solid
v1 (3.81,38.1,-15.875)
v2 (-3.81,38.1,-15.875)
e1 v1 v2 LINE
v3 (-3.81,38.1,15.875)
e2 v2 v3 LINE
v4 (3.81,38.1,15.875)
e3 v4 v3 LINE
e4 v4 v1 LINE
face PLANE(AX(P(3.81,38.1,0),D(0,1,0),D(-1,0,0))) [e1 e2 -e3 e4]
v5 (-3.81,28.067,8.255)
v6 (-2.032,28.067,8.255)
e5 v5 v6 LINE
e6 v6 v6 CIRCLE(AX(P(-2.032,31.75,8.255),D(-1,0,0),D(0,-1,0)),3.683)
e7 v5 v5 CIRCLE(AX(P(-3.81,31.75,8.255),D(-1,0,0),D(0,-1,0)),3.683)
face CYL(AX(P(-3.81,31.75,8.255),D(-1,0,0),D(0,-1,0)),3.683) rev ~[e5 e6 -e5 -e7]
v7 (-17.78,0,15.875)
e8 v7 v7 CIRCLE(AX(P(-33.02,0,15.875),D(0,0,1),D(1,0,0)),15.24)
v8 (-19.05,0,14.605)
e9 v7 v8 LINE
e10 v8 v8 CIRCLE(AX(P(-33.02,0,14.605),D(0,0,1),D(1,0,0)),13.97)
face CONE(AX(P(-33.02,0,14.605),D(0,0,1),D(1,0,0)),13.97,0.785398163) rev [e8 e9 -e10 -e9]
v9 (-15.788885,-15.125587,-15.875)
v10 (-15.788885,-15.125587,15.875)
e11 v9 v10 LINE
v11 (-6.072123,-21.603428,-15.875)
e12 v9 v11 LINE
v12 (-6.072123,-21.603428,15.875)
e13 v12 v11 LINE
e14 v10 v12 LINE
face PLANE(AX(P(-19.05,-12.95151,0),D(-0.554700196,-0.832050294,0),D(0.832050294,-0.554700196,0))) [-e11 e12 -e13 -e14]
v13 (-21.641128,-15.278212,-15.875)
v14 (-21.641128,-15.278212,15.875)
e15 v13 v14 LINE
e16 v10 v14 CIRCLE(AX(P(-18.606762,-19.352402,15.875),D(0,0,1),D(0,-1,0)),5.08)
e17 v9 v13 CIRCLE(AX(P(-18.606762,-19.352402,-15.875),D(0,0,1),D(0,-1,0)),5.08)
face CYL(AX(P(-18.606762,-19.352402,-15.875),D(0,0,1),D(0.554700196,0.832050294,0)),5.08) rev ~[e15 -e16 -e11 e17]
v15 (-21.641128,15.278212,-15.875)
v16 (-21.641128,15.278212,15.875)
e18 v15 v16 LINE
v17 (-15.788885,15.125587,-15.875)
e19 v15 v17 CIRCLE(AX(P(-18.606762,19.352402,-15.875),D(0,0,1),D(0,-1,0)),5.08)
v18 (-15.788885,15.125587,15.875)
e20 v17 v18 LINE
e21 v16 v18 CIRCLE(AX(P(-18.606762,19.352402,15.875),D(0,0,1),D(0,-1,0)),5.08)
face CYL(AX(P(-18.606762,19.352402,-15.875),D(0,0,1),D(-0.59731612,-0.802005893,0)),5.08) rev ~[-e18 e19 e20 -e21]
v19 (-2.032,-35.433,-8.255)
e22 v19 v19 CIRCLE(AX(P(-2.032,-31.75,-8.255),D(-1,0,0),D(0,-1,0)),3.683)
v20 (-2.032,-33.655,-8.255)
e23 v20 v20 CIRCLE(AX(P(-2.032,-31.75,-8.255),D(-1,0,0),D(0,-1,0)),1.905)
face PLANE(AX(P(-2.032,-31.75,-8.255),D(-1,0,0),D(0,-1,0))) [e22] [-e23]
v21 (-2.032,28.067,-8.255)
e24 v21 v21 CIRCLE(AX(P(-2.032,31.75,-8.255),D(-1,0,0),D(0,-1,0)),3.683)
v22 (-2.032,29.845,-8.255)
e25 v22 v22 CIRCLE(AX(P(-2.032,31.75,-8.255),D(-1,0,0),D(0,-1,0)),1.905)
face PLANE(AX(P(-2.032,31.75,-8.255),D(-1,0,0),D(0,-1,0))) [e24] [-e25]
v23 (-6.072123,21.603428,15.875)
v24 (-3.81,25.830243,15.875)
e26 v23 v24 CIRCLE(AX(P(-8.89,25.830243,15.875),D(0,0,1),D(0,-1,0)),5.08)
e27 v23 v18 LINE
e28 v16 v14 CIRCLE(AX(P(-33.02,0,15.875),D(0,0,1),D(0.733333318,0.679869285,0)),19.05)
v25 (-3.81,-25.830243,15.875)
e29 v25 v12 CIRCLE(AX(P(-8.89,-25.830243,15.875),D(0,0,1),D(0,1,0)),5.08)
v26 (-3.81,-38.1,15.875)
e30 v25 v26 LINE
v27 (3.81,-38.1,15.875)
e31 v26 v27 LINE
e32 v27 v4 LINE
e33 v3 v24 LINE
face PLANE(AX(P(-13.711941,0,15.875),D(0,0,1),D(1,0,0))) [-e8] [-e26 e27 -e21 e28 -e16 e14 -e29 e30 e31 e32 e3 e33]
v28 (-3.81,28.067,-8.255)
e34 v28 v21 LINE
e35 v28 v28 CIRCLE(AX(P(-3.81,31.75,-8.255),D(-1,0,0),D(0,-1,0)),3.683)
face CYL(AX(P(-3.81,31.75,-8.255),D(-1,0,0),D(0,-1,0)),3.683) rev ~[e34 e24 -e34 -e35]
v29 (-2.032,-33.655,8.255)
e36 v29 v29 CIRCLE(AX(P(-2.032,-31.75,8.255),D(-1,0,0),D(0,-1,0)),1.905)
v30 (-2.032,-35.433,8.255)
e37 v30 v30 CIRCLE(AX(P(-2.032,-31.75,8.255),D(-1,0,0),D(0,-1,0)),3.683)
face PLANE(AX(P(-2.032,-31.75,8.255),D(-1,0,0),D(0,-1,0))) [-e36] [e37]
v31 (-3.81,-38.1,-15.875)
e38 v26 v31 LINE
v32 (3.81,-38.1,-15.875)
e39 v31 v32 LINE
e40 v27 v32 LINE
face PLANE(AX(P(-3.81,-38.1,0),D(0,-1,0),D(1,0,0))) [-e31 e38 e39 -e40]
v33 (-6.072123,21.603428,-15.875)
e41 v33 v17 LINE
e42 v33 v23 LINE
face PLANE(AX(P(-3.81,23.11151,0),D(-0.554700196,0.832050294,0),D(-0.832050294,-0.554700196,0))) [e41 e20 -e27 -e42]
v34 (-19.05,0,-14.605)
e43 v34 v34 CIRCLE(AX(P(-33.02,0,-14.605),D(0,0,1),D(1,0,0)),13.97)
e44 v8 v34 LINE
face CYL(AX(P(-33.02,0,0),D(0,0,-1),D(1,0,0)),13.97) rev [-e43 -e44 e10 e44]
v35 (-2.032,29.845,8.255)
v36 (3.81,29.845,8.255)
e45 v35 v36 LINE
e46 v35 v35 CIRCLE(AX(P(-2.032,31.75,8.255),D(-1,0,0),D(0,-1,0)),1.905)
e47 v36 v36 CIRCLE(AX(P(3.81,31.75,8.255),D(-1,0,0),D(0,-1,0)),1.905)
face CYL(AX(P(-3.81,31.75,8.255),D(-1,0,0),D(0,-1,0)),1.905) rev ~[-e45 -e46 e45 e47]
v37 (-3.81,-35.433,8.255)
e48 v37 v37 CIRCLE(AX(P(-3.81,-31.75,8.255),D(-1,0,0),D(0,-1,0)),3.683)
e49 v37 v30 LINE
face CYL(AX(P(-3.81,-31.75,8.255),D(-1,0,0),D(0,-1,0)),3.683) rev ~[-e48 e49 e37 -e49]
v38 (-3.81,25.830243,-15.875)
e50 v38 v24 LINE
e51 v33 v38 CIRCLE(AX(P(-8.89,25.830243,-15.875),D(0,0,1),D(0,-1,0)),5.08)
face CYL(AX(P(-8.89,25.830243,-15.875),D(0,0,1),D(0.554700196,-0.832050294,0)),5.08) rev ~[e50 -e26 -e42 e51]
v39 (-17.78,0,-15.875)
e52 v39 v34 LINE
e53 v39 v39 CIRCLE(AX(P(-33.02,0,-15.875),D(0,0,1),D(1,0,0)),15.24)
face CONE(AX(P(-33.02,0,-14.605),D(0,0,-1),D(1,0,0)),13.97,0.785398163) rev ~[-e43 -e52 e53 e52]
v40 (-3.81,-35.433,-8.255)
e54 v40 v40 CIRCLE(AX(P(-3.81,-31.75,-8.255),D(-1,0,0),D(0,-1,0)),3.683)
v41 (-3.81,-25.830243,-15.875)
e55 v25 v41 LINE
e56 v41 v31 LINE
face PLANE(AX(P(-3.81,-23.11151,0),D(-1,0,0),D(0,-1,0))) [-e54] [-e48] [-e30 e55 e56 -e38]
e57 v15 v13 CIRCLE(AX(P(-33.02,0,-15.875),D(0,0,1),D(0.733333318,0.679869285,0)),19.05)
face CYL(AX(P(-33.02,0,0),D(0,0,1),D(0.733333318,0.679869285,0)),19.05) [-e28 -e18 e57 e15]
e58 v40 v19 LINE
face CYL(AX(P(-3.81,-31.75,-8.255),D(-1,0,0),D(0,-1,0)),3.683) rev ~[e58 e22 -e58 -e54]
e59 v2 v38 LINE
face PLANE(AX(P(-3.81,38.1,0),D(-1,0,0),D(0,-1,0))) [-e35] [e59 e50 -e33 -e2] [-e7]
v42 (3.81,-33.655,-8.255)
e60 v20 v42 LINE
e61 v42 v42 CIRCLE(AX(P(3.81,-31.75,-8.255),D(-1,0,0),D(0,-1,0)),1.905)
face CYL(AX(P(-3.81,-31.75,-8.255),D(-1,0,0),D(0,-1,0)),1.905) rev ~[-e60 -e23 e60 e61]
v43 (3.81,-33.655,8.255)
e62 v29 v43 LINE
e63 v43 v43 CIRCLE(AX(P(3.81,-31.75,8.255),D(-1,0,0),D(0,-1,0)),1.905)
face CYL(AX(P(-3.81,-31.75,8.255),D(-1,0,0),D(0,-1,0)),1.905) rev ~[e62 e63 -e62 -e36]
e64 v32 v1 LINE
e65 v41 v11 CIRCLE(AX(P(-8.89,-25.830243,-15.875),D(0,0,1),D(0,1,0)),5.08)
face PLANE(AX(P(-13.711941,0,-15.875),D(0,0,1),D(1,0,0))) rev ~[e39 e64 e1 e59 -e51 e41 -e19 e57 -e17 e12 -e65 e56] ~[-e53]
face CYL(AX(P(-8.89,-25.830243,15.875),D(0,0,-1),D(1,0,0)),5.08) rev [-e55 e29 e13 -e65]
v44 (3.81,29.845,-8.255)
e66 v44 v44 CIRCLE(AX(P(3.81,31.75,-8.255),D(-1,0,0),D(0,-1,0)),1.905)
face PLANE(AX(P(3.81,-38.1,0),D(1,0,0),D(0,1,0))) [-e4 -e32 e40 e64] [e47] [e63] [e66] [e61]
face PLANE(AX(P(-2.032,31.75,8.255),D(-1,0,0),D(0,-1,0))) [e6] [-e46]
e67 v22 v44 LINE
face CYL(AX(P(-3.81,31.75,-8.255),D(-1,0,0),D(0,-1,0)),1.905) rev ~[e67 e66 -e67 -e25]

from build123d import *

# Parameters (mm, degrees)
F0_R     = 13.97
F1_DEPTH = 15.875
F2_R     = 5.08
F3_SIZE2 = 1.27
F3_SIZE  = 1.27
F4_R     = 3.683
F5_DEPTH = 1.778
F6_R     = 1.905
F7_DEPTH = 7.621


with BuildPart() as f1:
    # F0 (on Top) → F1 (new body, symmetric)
    with BuildSketch(Plane.XY):
        with BuildLine():
            Line((3.81, 38.1), (-3.81, 38.1))
            Line((-3.81, 38.1), (-3.81, 23.11151))
            Line((-3.81, 23.11151), (-19.05, 12.95151))
            ThreePointArc((-19.05, 12.95151), (-52.07, 0), (-19.05, -12.95151))
            Line((-19.05, -12.95151), (-3.81, -23.11151))
            Line((-3.81, -23.11151), (-3.81, -38.1))
            Line((-3.81, -38.1), (3.81, -38.1))
            Line((3.81, -38.1), (3.81, 38.1))
        make_face()
        with Locations((-33.02, 0)):
            Circle(F0_R, mode=Mode.SUBTRACT)
    extrude(amount=F1_DEPTH, both=True)

    # F2
    f2_edges = [f1.edges().sort_by_distance(p)[0] for p in [
        (-19.05, -12.95151, 0),
        (-3.81, -23.11151, 0),
        (-3.81, 23.11151, 0),
        (-19.05, 12.95151, 0),
    ]]
    fillet(f2_edges, radius=F2_R)

    # F3
    f3_edges = [f1.edges().sort_by_distance(p)[0] for p in [
        (-46.99, 0, 15.875),
        (-46.99, 0, -15.875),
    ]]
    chamfer(f3_edges, length=F3_SIZE, length2=F3_SIZE2)

    # F4 (on face) → F5 (cut)
    with BuildSketch(Plane(origin=(-3.81, 0, 0), x_dir=(0, -1, 0), z_dir=(-1, 0, 0))):
        with Locations((-31.75, 8.255)):
            Circle(F4_R)
        with Locations((-31.75, -8.255)):
            Circle(F4_R)
        with Locations((31.75, 8.255)):
            Circle(F4_R)
        with Locations((31.75, -8.255)):
            Circle(F4_R)
    extrude(amount=-F5_DEPTH, mode=Mode.SUBTRACT)

    # F6 (on face) → F7 (cut, through all)
    with BuildSketch(Plane(origin=(-3.81, 0, 0), x_dir=(0, -1, 0), z_dir=(-1, 0, 0))):
        with Locations((31.75, 8.255)):
            Circle(F6_R)
        with Locations((-31.75, 8.255)):
            Circle(F6_R)
        with Locations((31.75, -8.255)):
            Circle(F6_R)
        with Locations((-31.75, -8.255)):
            Circle(F6_R)
    extrude(amount=-F7_DEPTH, mode=Mode.SUBTRACT)


solid = f1.part
